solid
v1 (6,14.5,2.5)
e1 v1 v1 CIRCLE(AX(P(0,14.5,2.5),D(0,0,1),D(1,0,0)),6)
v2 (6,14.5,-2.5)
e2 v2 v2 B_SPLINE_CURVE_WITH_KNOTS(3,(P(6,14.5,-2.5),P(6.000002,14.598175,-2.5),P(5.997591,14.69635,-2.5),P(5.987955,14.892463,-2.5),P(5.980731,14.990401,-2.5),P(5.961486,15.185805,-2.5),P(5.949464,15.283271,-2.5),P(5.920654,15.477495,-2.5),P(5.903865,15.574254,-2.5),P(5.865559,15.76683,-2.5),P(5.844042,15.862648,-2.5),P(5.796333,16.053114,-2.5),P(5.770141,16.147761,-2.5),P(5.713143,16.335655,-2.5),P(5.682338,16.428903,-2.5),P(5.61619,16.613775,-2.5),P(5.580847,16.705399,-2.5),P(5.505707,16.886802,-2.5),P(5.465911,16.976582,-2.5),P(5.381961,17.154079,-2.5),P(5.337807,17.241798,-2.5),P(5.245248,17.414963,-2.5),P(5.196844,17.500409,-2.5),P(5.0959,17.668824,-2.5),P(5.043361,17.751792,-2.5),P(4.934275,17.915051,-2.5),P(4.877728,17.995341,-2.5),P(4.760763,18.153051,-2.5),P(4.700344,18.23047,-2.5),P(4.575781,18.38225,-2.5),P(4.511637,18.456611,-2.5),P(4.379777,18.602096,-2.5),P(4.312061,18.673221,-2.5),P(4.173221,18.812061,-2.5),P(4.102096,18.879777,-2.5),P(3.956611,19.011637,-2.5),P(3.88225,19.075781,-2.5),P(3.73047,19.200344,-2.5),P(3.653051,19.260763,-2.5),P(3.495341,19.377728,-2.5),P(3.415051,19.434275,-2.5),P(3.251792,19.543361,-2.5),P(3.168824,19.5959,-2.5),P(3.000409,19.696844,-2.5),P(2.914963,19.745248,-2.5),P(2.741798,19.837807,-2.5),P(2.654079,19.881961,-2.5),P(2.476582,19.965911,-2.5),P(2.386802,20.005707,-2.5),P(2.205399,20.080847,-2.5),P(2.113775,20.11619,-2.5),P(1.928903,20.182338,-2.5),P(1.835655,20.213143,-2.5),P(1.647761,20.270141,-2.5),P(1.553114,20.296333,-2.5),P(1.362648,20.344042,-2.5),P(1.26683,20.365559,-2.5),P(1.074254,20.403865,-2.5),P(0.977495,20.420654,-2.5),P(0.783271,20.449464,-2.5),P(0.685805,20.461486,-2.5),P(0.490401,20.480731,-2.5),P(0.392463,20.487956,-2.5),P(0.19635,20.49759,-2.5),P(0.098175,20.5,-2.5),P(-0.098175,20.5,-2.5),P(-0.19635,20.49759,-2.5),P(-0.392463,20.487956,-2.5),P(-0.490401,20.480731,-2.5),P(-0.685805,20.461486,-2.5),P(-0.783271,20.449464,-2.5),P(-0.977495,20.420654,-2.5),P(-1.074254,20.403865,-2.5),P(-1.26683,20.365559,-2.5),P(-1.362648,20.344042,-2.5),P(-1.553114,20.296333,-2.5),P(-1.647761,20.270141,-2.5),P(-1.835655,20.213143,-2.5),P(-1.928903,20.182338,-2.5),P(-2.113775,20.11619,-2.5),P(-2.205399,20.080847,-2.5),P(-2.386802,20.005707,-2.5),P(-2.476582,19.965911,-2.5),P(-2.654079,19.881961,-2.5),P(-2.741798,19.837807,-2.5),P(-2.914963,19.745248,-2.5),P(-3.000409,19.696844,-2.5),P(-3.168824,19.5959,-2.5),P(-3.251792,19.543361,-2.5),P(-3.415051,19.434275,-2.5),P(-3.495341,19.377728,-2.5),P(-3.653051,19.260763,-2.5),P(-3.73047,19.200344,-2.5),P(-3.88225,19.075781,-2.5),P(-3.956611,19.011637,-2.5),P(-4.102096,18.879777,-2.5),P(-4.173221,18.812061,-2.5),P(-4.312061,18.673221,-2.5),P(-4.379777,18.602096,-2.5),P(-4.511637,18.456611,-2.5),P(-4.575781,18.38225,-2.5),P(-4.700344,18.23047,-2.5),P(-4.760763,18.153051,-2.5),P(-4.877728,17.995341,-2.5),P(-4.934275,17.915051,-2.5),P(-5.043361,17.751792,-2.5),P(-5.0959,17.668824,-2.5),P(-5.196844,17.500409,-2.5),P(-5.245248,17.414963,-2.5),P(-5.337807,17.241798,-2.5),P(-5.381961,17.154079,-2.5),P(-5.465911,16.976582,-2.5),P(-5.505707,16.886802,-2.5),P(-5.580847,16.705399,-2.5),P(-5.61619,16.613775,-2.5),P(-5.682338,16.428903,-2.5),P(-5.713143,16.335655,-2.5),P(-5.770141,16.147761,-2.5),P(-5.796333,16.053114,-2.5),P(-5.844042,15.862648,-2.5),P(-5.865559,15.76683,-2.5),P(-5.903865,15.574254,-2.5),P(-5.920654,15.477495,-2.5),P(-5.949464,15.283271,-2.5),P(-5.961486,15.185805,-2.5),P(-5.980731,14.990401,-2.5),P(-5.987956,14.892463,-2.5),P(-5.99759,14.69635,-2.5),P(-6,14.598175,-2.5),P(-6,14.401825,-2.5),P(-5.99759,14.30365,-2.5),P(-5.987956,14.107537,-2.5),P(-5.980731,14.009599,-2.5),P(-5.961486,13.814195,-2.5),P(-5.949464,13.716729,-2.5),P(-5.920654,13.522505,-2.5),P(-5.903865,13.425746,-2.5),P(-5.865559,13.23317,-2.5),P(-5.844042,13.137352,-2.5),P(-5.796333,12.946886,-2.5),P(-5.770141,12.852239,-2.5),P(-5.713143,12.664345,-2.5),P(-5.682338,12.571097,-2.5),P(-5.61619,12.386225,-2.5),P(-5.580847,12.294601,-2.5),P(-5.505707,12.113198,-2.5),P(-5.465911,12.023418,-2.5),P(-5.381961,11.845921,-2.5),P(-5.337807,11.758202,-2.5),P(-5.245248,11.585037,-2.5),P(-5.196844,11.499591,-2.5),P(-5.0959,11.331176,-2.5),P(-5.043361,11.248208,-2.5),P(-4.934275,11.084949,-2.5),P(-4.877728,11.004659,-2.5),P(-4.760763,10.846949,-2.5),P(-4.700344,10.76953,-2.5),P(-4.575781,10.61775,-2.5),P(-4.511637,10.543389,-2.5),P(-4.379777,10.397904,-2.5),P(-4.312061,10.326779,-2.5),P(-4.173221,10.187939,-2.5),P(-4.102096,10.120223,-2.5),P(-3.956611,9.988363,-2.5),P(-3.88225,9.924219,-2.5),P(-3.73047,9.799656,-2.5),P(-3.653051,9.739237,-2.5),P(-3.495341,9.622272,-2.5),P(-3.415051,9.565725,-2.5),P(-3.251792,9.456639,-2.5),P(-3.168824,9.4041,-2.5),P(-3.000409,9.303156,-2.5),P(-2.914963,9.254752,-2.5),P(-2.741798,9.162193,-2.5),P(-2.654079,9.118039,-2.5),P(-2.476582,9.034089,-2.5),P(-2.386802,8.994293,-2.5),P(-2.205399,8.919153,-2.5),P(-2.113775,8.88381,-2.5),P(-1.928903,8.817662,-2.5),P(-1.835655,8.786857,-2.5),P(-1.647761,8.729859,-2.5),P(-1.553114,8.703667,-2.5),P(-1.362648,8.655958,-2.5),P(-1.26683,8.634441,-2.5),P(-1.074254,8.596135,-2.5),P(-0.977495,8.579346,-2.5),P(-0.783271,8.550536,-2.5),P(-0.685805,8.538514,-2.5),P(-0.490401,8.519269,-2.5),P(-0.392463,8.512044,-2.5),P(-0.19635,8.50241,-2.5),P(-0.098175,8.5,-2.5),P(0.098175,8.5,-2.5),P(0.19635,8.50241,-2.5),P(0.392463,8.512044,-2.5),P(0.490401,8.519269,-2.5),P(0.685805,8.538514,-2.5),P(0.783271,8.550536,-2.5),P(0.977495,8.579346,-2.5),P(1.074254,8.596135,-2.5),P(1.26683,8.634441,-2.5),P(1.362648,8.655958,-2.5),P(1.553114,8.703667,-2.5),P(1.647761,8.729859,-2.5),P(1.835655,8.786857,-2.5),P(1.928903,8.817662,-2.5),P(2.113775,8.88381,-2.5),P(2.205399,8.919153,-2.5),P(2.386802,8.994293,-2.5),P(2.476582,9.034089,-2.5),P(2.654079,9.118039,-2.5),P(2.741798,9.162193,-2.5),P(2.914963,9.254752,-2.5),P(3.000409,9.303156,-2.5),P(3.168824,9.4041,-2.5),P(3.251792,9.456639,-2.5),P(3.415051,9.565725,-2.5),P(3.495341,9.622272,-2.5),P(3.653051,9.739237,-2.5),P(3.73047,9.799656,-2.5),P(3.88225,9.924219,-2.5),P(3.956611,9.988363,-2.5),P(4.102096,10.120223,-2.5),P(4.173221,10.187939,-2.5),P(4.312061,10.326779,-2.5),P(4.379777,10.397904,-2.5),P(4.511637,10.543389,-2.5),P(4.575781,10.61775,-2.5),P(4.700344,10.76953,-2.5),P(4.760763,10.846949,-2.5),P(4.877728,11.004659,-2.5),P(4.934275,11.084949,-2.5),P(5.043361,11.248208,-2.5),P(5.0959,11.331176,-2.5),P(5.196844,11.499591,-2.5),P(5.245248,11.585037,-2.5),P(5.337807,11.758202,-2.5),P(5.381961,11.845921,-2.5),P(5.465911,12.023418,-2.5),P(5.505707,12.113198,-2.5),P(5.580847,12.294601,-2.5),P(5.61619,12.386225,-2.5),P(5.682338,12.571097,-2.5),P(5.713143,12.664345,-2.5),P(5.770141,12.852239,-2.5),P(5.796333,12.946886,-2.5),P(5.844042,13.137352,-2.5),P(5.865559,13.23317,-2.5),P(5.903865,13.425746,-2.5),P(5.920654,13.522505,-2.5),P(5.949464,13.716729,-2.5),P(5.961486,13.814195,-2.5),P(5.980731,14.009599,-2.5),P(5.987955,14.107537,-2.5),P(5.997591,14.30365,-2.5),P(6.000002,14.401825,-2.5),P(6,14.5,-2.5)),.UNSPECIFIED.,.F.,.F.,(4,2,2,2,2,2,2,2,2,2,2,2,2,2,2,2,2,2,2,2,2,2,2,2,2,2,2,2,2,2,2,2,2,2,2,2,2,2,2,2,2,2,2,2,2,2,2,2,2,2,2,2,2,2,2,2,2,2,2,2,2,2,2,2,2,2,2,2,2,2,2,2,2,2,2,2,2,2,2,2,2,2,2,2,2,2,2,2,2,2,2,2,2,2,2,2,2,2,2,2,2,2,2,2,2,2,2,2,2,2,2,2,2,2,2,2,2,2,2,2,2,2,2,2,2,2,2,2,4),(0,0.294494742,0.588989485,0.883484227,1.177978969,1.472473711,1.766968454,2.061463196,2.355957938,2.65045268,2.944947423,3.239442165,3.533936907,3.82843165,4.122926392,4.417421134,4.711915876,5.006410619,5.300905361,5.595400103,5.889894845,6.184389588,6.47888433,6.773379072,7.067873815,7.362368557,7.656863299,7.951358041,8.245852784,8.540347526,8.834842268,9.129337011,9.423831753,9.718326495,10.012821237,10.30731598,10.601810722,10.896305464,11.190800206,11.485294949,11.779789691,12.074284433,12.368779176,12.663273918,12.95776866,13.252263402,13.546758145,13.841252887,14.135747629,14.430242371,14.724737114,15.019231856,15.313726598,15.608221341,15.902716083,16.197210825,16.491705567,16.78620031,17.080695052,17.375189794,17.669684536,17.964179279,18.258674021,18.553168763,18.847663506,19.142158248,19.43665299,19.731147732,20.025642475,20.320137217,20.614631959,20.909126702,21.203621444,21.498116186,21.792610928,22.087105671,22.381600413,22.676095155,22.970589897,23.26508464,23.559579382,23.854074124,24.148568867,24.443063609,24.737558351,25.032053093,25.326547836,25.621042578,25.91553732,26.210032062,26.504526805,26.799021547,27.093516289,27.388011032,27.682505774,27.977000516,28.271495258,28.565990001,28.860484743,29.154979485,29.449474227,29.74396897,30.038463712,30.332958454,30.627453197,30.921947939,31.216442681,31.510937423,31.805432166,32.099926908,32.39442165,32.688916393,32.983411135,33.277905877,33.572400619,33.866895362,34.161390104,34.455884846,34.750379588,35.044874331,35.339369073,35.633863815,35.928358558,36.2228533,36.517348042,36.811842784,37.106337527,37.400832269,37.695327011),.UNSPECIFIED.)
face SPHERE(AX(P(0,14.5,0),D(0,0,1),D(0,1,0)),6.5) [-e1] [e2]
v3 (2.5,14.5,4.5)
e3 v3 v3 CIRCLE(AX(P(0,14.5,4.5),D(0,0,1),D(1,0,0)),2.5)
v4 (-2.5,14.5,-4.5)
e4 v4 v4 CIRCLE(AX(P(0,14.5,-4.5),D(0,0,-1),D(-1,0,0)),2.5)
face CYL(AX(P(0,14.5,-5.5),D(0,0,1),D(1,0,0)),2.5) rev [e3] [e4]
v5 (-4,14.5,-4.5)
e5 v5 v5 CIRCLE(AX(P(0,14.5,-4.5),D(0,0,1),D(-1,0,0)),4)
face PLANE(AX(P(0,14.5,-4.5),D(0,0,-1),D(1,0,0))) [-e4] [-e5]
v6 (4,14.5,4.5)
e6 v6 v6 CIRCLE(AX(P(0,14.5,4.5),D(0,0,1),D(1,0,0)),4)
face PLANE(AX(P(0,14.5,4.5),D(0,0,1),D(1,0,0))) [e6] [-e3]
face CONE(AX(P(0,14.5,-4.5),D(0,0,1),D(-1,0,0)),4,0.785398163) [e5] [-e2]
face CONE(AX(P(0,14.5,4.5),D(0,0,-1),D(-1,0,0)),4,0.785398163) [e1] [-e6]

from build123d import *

# Parameters (mm, degrees)
SKETCH_1_R          = 10
EXTRUDE_1_DEPTH     = 4.5
SKETCH_4_R          = 8
EXTRUDE_3_DEPTH     = 5
SKETCH_5_R          = 8
EXTRUDE_4_DEPTH     = 2.5
SKETCH_8_R          = 4
SKETCH_7_R          = 6
SKETCH_9_R          = 14.627232323
SKETCH_9_R_2        = 10
CUT_EXTRUDE_1_DEPTH = 18
SKETCH_10_R         = 2.5
CUT_EXTRUDE_2_DEPTH = 10
SKETCH_2_R          = 6
EXTRUDE_5_DEPTH     = 80
SKETCH_11_W         = 44.642823809
SKETCH_11_H         = 125.571137761
SKETCH_11_R         = 6
CUT_EXTRUDE_3_DEPTH = 18


with BuildPart() as part:
    # 草图1 → 凸台-拉伸1 (new body)
    with BuildSketch(Plane(origin=(0, 0, 0), x_dir=(1, 0, 0), z_dir=(0, 1, 0))):
        with Locations(Location((0, 0, 0), (0, 0, 270))):
            Circle(SKETCH_1_R)
    extrude(amount=EXTRUDE_1_DEPTH)

    # 草图4 → 凸台-拉伸3 (add, symmetric)
    with BuildSketch(Plane.XY):
        with BuildLine():
            Line((-10, 4.5), (10, 4.5))
            Line((10, 4.5), (10, 14.5))
            ThreePointArc((10, 14.5), (0, 24.5), (-10, 14.5))
            Line((-10, 14.5), (-10, 4.5))
        make_face()
        with Locations((0, 14.5)):
            Circle(SKETCH_4_R, mode=Mode.SUBTRACT)
    extrude(amount=EXTRUDE_3_DEPTH, both=True)

    # 草图5 → 凸台-拉伸4 (add, symmetric)
    with BuildSketch(Plane.XY):
        with Locations((0, 14.5)):
            Circle(SKETCH_5_R)
    extrude(amount=EXTRUDE_4_DEPTH, both=True)

    # 草图8 → 放样1 section 0
    with BuildSketch(Plane.XY.offset(4.5)):
        with Locations((0, 14.5)):
            Circle(SKETCH_8_R)
    # 草图7 → 放样1 section 1
    with BuildSketch(Plane.XY.offset(2.5)):
        with Locations((0, 14.5)):
            Circle(SKETCH_7_R)
    loft_1 = loft()

    # 镜向1: 放样1 across plane
    add(loft_1.mirror(Plane.XY))

    # 草图9 → 切除-拉伸1 (cut)
    with BuildSketch(Plane(origin=(0, 4.5, 0), x_dir=(1, 0, 0), z_dir=(0, 1, 0))):
        Circle(SKETCH_9_R)
        with Locations(Location((0, 0, 0), (0, 0, 150))):
            Circle(SKETCH_9_R_2, mode=Mode.SUBTRACT)
    extrude(amount=CUT_EXTRUDE_1_DEPTH, mode=Mode.SUBTRACT)

    # 草图10 → 切除-拉伸2 (cut)
    with BuildSketch(Plane.XY.offset(4.5)):
        with Locations((0, 14.5)):
            Circle(SKETCH_10_R)
    extrude(amount=-CUT_EXTRUDE_2_DEPTH, mode=Mode.SUBTRACT)

    # 草图2 → 凸台-拉伸5 (add)
    with BuildSketch(Plane.XZ):
        with Locations(Location((0, 0, 0), (0, 0, 270))):
            Circle(SKETCH_2_R)
    extrude(amount=EXTRUDE_5_DEPTH)

    # 草图11 → 切除-拉伸3 (cut, symmetric)
    with BuildSketch(Plane.XY.offset(4.5)):
        with Locations((1.10319776, -29.667351992)):
            Rectangle(SKETCH_11_W, SKETCH_11_H)
        with Locations(Location((0, 14.5, 0), (0, 0, 180))):
            Circle(SKETCH_11_R, mode=Mode.SUBTRACT)
    extrude(amount=CUT_EXTRUDE_3_DEPTH, both=True, mode=Mode.SUBTRACT)

    # 草图13 → 旋转2 (revolve)
    with BuildSketch(Plane(origin=(0, 0, 0), x_dir=(0, 0, -1), z_dir=(1, 0, 0)), mode=Mode.PRIVATE) as revolve_2_sk:
        with BuildLine():
            Line((-2.5, 20.5), (2.5, 20.5))
            ThreePointArc((2.5, 20.5), (0, 21), (-2.5, 20.5))
        make_face()
    revolve(revolve_2_sk.sketch.rotate(Axis((0, 14.5, 0), (0, 0, -1)), 270), axis=Axis((0, 14.5, 0), (0, 0, -1)))


solid = part.part
